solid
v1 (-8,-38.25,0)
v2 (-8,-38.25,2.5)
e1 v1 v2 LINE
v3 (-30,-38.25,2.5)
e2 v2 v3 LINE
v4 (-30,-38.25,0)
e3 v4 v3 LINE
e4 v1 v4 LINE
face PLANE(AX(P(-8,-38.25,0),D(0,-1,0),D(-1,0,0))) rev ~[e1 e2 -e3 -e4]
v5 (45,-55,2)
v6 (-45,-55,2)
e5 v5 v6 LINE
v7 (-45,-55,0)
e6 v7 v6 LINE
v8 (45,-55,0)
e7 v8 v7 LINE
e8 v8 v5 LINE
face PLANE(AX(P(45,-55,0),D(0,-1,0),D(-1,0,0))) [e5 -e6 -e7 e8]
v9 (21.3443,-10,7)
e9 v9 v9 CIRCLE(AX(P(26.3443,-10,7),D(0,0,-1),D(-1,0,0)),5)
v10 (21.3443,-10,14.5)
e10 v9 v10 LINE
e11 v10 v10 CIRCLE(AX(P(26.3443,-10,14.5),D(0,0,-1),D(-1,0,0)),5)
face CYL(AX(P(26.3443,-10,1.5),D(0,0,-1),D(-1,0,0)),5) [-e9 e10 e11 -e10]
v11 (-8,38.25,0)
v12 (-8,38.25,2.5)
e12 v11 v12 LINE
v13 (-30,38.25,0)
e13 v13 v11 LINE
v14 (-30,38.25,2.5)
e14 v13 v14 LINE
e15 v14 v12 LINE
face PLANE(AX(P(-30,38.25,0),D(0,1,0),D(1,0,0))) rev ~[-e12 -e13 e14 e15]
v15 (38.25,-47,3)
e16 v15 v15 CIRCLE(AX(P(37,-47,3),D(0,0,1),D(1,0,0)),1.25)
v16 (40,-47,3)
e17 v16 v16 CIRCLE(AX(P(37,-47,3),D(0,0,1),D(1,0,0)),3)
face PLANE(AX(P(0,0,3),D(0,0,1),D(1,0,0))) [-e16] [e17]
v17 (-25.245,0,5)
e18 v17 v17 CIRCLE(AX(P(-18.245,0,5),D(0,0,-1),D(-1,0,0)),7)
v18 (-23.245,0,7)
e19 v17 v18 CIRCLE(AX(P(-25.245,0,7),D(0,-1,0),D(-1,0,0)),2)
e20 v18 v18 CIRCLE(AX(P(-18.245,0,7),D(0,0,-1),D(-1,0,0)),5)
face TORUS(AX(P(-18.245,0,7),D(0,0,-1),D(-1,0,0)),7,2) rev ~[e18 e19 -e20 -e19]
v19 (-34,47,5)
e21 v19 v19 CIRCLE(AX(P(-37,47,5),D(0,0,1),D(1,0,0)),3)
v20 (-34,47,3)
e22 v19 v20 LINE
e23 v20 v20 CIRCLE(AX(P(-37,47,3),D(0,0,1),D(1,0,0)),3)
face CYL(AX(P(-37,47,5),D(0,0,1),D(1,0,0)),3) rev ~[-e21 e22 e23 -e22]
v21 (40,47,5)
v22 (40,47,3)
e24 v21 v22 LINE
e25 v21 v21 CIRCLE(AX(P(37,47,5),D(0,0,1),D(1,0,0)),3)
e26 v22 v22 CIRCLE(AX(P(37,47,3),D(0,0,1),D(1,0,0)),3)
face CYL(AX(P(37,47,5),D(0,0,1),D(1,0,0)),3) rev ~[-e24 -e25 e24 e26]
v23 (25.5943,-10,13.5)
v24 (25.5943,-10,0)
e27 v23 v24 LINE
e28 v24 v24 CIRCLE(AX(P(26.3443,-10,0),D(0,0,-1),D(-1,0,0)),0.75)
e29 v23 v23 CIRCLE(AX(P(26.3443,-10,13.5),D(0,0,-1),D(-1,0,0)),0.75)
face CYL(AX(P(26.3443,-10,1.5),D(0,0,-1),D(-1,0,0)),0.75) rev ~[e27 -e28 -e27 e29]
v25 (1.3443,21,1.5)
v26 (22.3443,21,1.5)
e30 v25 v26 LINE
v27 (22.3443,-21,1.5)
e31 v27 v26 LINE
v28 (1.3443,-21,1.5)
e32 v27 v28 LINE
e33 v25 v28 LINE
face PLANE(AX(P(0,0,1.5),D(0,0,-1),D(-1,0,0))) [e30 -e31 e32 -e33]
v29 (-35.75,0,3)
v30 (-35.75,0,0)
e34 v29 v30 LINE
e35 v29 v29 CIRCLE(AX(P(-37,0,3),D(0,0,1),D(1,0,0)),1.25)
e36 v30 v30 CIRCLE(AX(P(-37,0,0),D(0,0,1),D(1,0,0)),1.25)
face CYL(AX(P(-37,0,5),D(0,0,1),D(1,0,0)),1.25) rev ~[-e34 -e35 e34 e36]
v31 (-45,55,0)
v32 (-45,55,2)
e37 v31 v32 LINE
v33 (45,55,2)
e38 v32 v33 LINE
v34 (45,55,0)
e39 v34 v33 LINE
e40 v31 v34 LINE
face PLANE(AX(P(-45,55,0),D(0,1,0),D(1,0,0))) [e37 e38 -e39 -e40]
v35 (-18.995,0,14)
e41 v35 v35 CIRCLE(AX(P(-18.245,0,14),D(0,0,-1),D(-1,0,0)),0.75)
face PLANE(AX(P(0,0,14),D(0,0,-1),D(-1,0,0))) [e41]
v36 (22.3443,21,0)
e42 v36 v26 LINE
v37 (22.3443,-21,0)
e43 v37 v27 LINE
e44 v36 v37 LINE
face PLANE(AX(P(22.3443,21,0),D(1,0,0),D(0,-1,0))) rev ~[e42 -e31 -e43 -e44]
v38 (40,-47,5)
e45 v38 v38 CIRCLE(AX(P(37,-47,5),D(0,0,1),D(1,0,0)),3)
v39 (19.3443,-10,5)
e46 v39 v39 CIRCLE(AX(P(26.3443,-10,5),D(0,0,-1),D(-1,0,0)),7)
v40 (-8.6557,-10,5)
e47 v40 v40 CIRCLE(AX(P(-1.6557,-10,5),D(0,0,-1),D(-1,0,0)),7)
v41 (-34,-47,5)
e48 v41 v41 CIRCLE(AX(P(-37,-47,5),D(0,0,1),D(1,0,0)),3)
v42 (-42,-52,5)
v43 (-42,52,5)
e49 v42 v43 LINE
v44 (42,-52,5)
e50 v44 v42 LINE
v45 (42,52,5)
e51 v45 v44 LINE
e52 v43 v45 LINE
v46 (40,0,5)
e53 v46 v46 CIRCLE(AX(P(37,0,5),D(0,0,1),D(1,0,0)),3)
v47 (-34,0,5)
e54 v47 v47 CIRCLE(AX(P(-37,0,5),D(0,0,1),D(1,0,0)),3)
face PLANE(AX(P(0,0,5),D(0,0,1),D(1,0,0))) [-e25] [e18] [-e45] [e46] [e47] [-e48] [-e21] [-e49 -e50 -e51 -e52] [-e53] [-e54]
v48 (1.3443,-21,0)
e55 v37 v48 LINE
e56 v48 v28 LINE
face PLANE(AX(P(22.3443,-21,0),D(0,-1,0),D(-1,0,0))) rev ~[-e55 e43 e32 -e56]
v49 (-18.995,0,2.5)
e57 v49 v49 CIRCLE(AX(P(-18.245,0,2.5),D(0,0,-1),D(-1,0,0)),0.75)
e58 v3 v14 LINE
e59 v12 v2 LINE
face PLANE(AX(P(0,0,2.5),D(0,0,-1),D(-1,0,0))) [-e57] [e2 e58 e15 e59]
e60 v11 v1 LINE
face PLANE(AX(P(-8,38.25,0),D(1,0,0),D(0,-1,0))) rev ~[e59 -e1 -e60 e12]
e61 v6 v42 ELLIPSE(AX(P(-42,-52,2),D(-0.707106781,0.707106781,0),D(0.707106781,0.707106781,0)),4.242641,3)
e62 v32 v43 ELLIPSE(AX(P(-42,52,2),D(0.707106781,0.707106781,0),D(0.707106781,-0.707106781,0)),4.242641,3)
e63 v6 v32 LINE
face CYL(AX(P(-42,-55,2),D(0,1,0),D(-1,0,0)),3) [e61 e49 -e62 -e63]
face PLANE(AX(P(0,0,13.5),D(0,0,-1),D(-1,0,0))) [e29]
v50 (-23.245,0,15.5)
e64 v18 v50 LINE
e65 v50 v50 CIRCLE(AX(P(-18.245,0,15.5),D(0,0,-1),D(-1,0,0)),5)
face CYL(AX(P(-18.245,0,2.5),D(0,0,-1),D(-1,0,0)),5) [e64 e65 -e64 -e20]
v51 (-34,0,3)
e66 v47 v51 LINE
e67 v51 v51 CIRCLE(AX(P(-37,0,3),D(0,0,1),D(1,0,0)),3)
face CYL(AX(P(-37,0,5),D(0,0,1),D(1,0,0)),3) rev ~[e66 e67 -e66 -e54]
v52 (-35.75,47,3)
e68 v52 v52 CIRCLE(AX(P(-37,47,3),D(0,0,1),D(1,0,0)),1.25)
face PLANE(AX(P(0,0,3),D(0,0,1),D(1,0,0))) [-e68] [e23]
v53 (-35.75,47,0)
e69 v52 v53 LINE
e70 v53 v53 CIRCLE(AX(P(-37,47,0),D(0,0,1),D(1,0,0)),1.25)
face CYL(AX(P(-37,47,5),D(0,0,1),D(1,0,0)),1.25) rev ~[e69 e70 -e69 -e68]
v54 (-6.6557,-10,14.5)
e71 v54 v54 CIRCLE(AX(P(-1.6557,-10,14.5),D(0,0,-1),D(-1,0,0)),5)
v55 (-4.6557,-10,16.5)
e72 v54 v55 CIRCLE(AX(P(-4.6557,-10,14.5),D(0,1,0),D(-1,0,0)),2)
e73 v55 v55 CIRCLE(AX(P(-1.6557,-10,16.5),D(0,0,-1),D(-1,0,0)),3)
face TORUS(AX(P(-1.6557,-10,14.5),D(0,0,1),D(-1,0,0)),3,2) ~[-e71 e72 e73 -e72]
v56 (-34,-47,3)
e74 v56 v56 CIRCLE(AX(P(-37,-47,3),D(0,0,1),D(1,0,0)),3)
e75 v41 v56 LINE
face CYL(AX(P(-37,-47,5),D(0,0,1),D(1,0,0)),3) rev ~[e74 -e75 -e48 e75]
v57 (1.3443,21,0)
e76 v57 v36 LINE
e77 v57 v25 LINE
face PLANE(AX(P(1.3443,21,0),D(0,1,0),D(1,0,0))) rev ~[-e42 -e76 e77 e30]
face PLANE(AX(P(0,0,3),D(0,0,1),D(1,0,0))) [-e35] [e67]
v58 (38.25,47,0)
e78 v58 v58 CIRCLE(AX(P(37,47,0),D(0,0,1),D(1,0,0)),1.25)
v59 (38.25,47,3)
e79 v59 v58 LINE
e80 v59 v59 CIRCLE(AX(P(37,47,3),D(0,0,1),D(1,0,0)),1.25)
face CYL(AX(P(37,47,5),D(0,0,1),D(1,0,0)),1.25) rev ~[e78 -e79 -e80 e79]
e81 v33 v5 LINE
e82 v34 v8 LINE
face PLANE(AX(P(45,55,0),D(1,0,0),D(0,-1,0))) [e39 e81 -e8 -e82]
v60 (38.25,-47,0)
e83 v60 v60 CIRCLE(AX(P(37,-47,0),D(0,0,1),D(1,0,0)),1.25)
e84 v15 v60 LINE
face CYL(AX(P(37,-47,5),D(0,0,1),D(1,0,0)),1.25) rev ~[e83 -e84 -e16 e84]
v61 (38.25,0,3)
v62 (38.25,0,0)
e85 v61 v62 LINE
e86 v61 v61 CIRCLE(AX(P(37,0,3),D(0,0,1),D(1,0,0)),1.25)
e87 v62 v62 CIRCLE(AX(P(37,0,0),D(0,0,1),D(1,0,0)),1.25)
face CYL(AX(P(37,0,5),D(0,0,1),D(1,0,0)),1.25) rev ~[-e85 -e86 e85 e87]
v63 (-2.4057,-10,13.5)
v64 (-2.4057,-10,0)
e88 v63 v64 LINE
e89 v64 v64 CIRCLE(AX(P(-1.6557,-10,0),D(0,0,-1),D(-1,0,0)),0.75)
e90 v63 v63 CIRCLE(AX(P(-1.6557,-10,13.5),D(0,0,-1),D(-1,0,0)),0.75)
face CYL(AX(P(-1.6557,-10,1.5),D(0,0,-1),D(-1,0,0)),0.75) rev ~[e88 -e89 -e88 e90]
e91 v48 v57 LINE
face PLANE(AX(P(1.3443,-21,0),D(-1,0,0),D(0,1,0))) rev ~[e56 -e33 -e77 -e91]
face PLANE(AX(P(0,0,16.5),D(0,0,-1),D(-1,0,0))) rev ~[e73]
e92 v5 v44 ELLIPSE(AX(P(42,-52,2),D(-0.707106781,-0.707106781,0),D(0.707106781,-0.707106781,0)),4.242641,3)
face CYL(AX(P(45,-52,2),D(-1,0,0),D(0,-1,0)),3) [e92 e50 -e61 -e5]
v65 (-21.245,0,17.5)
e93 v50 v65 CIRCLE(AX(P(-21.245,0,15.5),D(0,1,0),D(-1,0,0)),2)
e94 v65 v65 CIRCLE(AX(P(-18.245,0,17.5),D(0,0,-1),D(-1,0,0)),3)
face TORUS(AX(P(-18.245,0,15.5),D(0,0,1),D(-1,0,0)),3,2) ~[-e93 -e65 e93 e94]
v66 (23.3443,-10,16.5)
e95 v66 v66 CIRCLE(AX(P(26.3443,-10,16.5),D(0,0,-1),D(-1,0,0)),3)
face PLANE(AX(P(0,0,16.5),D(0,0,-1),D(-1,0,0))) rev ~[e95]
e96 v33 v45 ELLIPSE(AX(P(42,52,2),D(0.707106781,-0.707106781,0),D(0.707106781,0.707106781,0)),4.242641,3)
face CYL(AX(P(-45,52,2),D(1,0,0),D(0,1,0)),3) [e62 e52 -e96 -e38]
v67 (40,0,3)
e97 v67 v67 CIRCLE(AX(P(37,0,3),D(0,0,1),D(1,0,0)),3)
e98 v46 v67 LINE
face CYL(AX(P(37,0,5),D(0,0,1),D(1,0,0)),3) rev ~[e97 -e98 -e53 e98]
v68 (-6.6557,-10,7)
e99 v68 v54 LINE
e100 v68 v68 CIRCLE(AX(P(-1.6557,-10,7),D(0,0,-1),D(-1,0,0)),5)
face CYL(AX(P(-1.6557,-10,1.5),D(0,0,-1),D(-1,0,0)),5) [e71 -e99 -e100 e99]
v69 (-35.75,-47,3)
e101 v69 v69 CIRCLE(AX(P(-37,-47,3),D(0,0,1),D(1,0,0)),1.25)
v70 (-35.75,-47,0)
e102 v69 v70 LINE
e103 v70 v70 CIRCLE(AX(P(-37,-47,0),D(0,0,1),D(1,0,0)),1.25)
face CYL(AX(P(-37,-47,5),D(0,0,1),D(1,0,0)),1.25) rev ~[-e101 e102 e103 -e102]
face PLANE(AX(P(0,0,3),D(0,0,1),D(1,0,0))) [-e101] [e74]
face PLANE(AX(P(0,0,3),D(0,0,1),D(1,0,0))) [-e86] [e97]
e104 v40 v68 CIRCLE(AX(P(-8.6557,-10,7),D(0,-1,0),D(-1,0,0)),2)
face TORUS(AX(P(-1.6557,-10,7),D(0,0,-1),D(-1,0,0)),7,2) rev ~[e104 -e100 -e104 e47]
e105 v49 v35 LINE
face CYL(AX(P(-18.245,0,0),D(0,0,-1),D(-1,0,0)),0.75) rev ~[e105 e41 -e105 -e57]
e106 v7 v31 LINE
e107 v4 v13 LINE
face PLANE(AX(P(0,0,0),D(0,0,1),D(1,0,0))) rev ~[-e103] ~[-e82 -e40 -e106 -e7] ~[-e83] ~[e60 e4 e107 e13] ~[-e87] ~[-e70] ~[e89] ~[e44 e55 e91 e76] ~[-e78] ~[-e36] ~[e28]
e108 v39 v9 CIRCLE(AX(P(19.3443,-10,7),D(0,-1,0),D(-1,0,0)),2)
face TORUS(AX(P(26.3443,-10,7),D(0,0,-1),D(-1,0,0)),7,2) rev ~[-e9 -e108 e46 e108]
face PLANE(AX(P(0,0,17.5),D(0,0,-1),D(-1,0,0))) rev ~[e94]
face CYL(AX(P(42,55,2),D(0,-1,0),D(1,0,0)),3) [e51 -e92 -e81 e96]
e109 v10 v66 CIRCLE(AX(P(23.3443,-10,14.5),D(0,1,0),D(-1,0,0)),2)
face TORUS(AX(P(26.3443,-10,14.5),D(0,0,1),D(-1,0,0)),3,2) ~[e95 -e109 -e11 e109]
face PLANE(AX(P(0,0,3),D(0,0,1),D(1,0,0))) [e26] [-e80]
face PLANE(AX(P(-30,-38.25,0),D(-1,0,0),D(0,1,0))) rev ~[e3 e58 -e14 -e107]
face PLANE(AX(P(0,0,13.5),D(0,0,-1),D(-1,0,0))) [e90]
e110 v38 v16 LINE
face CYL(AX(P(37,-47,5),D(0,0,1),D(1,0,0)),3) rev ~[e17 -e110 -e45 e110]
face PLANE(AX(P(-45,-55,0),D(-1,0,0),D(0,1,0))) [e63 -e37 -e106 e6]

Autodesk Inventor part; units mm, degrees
ref_plane "YZ Plane" through (0, 0, 0) normal (1, 0, 0) x (0, 1, 0)
ref_plane "XZ Plane" through (0, 0, 0) normal (0, 1, 0) x (-1, 0, 0)
ref_plane "XY Plane" through (0, 0, 0) normal (0, 0, 1) x (1, 0, 0)
sketch "Sketch1" plane through (0, 0, 0) normal (0, 0, 1) x (1, 0, 0)
  line L0 (45, -55) -> (-45, -55)
  line L1 (-45, -55) -> (-45, 55)
  line L2 (-45, 55) -> (45, 55)
  line L3 (45, 55) -> (45, -55)
  line L4 (45, -55) -> (-45, 55) construction
  line L5 (-45, -55) -> (45, 55) construction
  circle A0 centre (-37, 157) radius 0.75 projected
  circle A1 centre (37, 157) radius 0.75 projected
  circle A2 centre (37, 204) radius 0.75 projected
  circle A3 centre (-37, 204) radius 0.75 projected
  circle A4 centre (-37, 251) radius 0.75 projected
  circle A5 centre (37, 251) radius 0.75 projected
  point P0 (0, 0)
  dimension "d6" = 90
  dimension "d7" = 110
extrude "1-backlid" add sketch "Sketch1" along normal blind 5 contours L0 L1 L2 L3
fillet "2-fillet_backlid" radius 3 4 edges at (0, 55, 5) (45, 0, 5) (-45, 0, 5) (0, -55, 5)
sketch "Sketch11" plane through (0, 0, 5) normal (0, 0, 1) x (1, 0, 0)
  circle A0 centre (37, 0) radius 3
  circle A1 centre (-37, 0) radius 3
  circle A2 centre (37, 47) radius 3
  circle A3 centre (-37, 47) radius 3
  circle A4 centre (-37, -47) radius 3
  circle A5 centre (37, -47) radius 3
  point P0 (0, 0)
  dimension "d58" = 6
  dimension "d59" = 6
  dimension "d60" = 6
  dimension "d61" = 6
  dimension "d62" = 6
sketch "Sketch10" plane through (0, 0, 5) normal (0, 0, 1) x (1, 0, 0)
  circle A0 centre (-37, -47) radius 1.25
  circle A1 centre (-37, 0) radius 1.25
  circle A2 centre (-37, 47) radius 1.25
  circle A3 centre (37, 47) radius 1.25
  circle A4 centre (37, 0) radius 1.25
  circle A5 centre (37, -47) radius 1.25
  line L0 (37, -47) -> (-56.3107, -47) construction
  line L1 (-37, 0) -> (-37, -58.4435) construction
  point P0 (0, 0)
  point P1 (-37, -47)
  dimension "d52" = 2.5
  dimension "d53" = 2.5
  dimension "d54" = 2.5
  dimension "d55" = 2.5
  dimension "d56" = 2.5
  dimension "d67" = 2.5
extrude "3-screw-head_slots" cut sketch "Sketch11" against normal blind 2
extrude "4-screw_holes" cut sketch "Sketch10" against normal up to surface (5 mm away)
sketch "Sketch4" plane through (0, 0, 0) normal (0, 0, -1) x (-1, 0, 0)
  line L0 (8, -38.25) -> (30, -38.25)
  line L1 (30, -38.25) -> (30, 38.25)
  line L2 (30, 38.25) -> (8, 38.25)
  line L3 (8, 38.25) -> (8, -38.25)
  line L4 (45, -55) -> (-45, -55) construction
  line L5 (0, -55) -> (0, 55) construction
  line L6 (45, 55) -> (-45, 55) construction
  line L7 (0, 0) -> (45, 0) construction
  line L8 (45, 55) -> (45, -55) construction
  point P0 (7.7433, 38.25)
  point P1 (29.7433, -38.25)
  dimension "d68" = 76.5
  dimension "d69" = 22
  dimension "d70" = 8
  dimension "d71" = 38.25
extrude "5-battery_holder_slot" cut sketch "Sketch4" against normal blind 2.5
sketch "Sketch5" plane through (0, 0, 0) normal (0, 0, -1) x (-1, 0, 0)
  line L0 (-1.3443, 21) -> (-22.3443, 21)
  line L1 (-22.3443, 21) -> (-22.3443, -21)
  line L2 (-22.3443, -21) -> (-1.3443, -21)
  line L3 (-1.3443, -21) -> (-1.3443, 21)
  line L4 (-1.3443, -21) -> (-22.3443, 21) construction
  line L5 (-1.3443, 21) -> (-22.3443, -21) construction
  point P0 (0, 0)
  point P1 (-11.8443, 0)
  point P2 (-62.3541, 0)
  point P3 (-62.3541, 0)
  dimension "d27" = 21
  dimension "d28" = 42
extrude "6-solar_charger_slot" cut sketch "Sketch5" against normal blind 1.5
sketch "Sketch13" plane through (0, 0, 2.5) normal (0, 0, -1) x (-1, 0, 0)
  circle A0 centre (18.245, 0) radius 5
  point P0 (0, 0)
  dimension "d77" = 10
extrude "7-for_battery_holder_screw" add sketch "Sketch13" against normal blind 15
sketch "Sketch8" plane through (0, 0, 1.5) normal (0, 0, -1) x (-1, 0, 0)
  line L0 (-1.3443, -21) -> (-22.3443, -21) construction
  line L1 (-1.3443, -21) -> (-1.3443, -10) construction
  line L2 (-1.3443, -10) -> (1.6557, -10) construction
  line L3 (-22.3443, -21) -> (-22.3443, 21) construction
  line L4 (-22.3443, -10) -> (-26.3443, -10) construction
  circle A0 centre (-26.3443, -10) radius 5
  circle A1 centre (1.6557, -10) radius 5
  point P0 (0, 0)
  dimension "d37" = 11
  dimension "d38" = 3
  dimension "d39" = 4
  dimension "d40" = 10
  dimension "d41" = 10
  dimension "d82" = 28
extrude "8-for_solar_charger_screws" add sketch "Sketch8" against normal blind 15
sketch "Sketch9" plane through (0, 0, 1.5) normal (0, 0, -1) x (-1, 0, 0)
  circle A0 centre (-26.3443, -10) radius 5 projected
  circle A1 centre (1.6557, -10) radius 5 projected
  circle A2 centre (1.6557, -10) radius 0.75
  circle A3 centre (-26.3443, -10) radius 0.75
  point P0 (0, 0)
  dimension "d44" = 1.5
  dimension "d45" = 1.5
extrude "9-holes_solar_charger" cut sketch "Sketch9" against normal blind 12 and the other way blind 6 contours A2 | A3
sketch "Sketch12" plane through (0, 0, 0) normal (0, 0, -1) x (-1, 0, 0)
  circle A0 centre (18.245, 0) radius 0.75
  point P0 (0, 0)
  dimension "d81" = 1.5
extrude "10-holes_battery_holder" cut sketch "Sketch12" against normal blind 14
fillet "11-fillet" radius 2 6 edges at (-13.245, 0, 17.5) (3.3443, -10, 16.5) (31.3443, -10, 16.5) (31.3443, -10, 5) (3.3443, -10, 5) (-13.245, 0, 5)
properties part number "solar_panel_back_lid"
